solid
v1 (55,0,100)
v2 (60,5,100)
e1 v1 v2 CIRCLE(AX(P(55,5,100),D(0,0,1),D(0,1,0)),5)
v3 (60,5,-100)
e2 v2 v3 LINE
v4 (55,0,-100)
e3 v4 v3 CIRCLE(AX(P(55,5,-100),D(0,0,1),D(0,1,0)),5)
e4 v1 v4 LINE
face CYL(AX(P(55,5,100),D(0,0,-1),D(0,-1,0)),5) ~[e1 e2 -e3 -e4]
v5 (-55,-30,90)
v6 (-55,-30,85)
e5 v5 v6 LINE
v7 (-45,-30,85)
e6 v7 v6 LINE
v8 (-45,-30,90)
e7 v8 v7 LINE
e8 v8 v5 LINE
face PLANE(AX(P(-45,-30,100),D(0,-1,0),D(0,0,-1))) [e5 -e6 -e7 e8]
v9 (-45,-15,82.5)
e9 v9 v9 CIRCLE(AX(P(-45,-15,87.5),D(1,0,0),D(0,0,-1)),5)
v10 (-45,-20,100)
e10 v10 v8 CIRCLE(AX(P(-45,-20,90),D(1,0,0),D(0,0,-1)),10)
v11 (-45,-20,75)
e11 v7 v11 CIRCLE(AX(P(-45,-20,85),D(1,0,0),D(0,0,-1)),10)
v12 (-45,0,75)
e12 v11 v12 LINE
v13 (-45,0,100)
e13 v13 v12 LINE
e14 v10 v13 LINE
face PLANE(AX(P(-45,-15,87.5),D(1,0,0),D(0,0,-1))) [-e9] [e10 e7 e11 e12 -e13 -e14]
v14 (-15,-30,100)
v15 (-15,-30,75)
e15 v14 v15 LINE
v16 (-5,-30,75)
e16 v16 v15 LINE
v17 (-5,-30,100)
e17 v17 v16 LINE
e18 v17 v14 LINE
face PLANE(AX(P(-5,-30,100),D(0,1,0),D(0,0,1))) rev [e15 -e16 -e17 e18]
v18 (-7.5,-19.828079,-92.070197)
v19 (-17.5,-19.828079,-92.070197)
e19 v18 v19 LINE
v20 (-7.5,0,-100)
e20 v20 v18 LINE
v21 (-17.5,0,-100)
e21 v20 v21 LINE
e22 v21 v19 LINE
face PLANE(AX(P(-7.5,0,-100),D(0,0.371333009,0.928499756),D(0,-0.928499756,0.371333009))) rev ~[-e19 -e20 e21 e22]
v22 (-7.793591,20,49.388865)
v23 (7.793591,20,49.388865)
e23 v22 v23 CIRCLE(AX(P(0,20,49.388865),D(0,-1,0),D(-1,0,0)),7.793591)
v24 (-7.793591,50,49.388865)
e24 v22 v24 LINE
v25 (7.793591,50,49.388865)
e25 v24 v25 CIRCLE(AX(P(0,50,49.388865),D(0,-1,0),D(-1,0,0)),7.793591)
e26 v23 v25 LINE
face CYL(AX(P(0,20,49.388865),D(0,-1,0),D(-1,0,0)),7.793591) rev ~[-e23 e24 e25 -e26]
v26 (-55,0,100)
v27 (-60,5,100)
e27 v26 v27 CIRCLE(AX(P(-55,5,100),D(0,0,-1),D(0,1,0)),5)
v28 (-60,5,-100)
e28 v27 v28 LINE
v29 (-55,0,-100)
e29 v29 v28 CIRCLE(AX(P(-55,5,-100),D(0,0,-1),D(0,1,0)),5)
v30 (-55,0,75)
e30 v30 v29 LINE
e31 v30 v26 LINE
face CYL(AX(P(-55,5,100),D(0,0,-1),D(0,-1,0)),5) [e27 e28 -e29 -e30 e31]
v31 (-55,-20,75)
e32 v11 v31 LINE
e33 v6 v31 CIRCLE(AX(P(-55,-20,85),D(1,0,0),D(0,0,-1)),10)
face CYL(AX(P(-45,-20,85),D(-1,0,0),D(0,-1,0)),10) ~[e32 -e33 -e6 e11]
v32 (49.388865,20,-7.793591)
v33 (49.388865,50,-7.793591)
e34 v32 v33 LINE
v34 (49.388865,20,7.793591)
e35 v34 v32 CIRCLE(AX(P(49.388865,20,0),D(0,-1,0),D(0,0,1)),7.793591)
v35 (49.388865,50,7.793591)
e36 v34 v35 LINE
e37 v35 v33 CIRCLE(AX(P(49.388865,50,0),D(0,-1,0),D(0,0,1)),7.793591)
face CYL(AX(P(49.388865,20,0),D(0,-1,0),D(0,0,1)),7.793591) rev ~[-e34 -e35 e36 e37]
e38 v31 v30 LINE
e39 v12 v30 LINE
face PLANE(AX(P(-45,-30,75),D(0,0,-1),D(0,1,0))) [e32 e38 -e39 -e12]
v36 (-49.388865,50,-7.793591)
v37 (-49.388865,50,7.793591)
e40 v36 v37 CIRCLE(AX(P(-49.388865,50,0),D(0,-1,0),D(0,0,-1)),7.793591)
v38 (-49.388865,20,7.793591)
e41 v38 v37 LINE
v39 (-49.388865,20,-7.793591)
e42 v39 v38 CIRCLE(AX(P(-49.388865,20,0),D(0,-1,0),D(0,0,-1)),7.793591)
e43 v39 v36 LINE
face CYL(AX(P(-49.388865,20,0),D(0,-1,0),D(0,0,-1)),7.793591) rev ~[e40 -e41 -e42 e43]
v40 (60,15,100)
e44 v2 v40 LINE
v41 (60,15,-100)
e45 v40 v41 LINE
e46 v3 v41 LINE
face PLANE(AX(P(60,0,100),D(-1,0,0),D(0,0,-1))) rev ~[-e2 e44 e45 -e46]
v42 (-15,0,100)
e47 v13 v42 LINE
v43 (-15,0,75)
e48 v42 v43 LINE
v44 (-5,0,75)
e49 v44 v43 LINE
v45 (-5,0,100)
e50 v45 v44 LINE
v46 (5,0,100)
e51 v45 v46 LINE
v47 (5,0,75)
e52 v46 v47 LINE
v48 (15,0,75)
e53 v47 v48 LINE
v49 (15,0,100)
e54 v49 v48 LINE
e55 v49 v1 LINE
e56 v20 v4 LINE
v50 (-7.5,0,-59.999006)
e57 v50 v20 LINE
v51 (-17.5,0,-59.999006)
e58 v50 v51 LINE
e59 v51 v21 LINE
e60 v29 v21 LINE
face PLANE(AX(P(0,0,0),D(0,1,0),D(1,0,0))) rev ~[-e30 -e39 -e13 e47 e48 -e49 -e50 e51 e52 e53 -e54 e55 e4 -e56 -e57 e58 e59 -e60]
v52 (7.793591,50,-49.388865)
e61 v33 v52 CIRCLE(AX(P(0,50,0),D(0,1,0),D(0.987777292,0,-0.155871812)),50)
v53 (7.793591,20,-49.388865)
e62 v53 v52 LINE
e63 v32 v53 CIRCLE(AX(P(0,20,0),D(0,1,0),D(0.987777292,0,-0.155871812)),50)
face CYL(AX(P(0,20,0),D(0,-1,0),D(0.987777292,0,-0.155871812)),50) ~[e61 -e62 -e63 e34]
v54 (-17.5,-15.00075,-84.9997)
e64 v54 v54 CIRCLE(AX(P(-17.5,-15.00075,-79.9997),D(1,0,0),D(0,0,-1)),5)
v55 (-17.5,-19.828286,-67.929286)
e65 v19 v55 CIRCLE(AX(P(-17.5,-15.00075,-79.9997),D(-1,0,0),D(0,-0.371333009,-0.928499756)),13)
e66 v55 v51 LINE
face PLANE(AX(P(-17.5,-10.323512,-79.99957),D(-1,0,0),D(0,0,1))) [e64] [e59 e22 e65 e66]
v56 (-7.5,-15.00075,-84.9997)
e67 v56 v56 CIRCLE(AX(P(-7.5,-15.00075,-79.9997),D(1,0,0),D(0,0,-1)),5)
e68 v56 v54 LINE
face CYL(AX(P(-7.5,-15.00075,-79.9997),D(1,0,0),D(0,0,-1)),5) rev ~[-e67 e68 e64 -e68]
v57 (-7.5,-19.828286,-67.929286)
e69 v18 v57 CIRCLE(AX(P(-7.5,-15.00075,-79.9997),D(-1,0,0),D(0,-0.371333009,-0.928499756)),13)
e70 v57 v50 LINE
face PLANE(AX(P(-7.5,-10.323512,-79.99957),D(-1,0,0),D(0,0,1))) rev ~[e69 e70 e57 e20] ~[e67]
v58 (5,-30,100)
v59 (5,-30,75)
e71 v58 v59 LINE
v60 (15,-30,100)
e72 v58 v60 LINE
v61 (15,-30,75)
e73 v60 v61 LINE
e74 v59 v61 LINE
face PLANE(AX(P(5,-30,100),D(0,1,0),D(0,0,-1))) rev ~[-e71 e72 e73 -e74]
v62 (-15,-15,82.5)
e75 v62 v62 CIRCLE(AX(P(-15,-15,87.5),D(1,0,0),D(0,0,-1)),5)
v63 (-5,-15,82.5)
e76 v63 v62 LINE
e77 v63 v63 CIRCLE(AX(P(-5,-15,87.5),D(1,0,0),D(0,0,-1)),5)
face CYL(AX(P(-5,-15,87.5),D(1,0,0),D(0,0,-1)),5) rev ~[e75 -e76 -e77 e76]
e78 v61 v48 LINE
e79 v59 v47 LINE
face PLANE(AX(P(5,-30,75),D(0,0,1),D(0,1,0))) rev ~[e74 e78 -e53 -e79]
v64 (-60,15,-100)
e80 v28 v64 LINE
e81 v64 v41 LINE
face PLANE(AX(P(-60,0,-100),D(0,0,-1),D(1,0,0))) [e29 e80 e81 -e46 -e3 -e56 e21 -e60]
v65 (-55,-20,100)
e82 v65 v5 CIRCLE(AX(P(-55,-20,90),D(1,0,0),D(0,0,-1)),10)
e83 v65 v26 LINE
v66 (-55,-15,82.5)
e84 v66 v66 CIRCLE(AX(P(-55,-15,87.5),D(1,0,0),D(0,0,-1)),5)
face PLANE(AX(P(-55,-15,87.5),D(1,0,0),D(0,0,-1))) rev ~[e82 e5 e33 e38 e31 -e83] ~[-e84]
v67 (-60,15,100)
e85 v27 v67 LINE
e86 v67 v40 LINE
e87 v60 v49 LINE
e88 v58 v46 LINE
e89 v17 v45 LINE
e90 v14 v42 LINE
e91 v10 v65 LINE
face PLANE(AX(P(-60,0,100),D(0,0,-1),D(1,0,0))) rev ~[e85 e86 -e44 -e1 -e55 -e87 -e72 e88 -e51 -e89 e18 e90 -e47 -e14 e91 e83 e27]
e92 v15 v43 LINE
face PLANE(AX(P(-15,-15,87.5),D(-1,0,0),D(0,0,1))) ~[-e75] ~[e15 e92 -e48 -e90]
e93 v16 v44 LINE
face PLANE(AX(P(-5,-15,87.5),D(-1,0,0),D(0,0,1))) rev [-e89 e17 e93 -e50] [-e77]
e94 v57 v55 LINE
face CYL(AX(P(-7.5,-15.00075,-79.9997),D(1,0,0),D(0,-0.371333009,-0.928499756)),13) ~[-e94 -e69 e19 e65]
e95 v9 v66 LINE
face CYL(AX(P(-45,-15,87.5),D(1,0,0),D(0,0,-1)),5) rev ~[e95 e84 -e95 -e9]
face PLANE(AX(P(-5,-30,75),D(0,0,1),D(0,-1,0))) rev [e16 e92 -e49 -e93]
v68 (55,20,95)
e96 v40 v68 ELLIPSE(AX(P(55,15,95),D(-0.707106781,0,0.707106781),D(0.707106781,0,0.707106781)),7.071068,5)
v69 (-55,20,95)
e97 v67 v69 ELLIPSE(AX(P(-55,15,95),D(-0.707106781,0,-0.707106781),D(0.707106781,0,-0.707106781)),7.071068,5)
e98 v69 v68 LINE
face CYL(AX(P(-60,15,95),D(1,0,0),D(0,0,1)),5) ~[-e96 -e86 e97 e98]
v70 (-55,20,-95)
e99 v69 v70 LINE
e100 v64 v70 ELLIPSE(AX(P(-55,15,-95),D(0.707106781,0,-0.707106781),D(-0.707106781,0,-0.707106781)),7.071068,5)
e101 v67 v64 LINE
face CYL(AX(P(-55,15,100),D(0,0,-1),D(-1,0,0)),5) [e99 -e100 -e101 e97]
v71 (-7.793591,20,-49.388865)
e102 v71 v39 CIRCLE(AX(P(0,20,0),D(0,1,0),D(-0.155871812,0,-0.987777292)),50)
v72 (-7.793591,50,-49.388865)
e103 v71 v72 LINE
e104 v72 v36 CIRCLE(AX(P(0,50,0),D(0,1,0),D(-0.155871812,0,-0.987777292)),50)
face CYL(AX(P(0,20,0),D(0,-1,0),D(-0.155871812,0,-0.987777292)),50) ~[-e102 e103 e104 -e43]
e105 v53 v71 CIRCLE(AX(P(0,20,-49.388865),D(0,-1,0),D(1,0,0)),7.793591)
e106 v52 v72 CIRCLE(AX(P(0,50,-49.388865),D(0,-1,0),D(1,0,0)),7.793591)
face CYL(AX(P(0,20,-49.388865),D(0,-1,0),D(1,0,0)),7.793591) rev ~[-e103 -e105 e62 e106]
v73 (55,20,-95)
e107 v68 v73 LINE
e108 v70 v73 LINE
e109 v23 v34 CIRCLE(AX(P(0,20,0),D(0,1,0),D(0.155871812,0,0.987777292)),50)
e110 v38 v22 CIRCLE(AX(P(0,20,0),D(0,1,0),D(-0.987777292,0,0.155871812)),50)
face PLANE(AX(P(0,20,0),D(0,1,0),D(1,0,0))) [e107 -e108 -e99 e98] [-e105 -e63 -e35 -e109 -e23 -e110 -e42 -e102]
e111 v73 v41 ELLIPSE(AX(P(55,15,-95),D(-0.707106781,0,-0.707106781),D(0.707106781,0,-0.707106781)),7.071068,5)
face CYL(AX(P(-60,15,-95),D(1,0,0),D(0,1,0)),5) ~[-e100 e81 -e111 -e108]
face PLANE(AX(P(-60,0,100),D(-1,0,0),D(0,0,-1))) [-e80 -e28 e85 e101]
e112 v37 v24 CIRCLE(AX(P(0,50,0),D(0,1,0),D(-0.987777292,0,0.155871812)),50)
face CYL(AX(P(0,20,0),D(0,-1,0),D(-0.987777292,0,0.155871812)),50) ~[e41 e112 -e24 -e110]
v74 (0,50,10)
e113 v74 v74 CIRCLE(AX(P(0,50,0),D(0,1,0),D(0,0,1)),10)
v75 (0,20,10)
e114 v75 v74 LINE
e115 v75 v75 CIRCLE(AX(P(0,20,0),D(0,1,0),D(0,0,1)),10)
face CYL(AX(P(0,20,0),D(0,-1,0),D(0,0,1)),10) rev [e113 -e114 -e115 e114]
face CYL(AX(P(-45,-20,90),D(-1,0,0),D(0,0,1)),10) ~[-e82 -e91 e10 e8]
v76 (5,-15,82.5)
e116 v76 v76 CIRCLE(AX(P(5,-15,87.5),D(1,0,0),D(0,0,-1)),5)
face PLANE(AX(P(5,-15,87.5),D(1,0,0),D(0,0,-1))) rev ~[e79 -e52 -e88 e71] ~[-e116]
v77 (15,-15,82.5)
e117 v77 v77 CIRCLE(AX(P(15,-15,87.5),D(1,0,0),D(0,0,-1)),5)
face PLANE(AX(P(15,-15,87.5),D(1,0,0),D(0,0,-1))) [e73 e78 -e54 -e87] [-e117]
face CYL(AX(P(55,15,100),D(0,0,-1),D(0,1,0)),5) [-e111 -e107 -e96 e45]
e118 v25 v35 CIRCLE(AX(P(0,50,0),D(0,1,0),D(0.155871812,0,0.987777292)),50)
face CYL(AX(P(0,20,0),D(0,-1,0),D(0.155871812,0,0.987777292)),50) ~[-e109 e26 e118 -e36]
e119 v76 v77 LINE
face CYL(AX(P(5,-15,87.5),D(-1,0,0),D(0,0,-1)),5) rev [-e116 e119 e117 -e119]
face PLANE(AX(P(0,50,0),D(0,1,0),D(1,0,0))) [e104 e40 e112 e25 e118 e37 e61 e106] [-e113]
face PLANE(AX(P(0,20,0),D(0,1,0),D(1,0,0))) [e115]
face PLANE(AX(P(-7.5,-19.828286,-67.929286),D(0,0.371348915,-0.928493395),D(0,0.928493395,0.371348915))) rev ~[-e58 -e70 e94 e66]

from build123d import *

# Parameters (mm, degrees)
SKETCH_2_W      = 120
SKETCH_2_H      = 200
EXTRUDE_1_DEPTH = 20
EXTRUDE_START   = -7.5
SKETCH_3_R      = 5
EXTRUDE_2_DEPTH = 10
EXTRUDE_START_2 = 5
SKETCH_4_W      = 25
SKETCH_4_H      = 30
SKETCH_4_R      = 5
EXTRUDE_3_DEPTH = 10
EXTRUDE_START_3 = -45
SKETCH_4_2_W    = 25
SKETCH_4_2_H    = 30
SKETCH_4_2_R    = 5
EXTRUDE_4_DEPTH = 10
FILLET_2_R      = 10
FILLET_3_R      = 10
FILLET_4_R      = 5
SKETCH_5_R      = 10
EXTRUDE_5_DEPTH = 30


with BuildPart() as part:
    # 草图2 → 凸台-拉伸1 (new body)
    with BuildSketch(Plane(origin=(0, 0, 0), x_dir=(1, 0, 0), z_dir=(0, 1, 0))):
        Rectangle(SKETCH_2_W, SKETCH_2_H)
    extrude(amount=EXTRUDE_1_DEPTH)

    # 草图3 → 凸台-拉伸2 (add)
    with BuildSketch(Plane(origin=(0, 0, 0), x_dir=(0, 0, -1), z_dir=(1, 0, 0)).offset(EXTRUDE_START)):
        with BuildLine():
            Line((92.070196982, -19.828078793), (100, 0))
            Line((100, 0), (59.999006327, 0))
            Line((59.999006327, 0), (67.929286029, -19.828285561))
            ThreePointArc((67.929286029, -19.828285561), (79.999811504, -28.000749672), (92.070196982, -19.828078793))
        make_face()
        with Locations((79.999700158, -15.000749673)):
            Circle(SKETCH_3_R, mode=Mode.SUBTRACT)
    extrude(amount=-EXTRUDE_2_DEPTH)

    # 草图4 → 凸台-拉伸3 (add)
    with BuildSketch(Plane(origin=(0, 0, 0), x_dir=(0, 0, -1), z_dir=(1, 0, 0)).offset(EXTRUDE_START_2)):
        with Locations((-87.5, -15)):
            Rectangle(SKETCH_4_W, SKETCH_4_H)
        with Locations((-87.5, -15)):
            Circle(SKETCH_4_R, mode=Mode.SUBTRACT)
    extrude_3 = extrude(amount=EXTRUDE_3_DEPTH)

    # 镜向1: 凸台-拉伸3 across plane
    add(extrude_3.mirror(Plane(origin=(0, 0, 0), x_dir=(0, 0, 1), z_dir=(1, 0, 0))))

    # 草图4<2> → 凸台-拉伸4 (add)
    with BuildSketch(Plane(origin=(0, 0, 0), x_dir=(0, 0, -1), z_dir=(1, 0, 0)).offset(EXTRUDE_START_3)):
        with Locations((-87.5, -15)):
            Rectangle(SKETCH_4_2_W, SKETCH_4_2_H)
        with Locations((-87.5, -15)):
            Circle(SKETCH_4_2_R, mode=Mode.SUBTRACT)
    extrude(amount=-EXTRUDE_4_DEPTH)

    # 圆角2
    fillet_2_edges = [part.edges().sort_by_distance(p)[0] for p in [
        (-50, -30, 100),
    ]]
    fillet(fillet_2_edges, radius=FILLET_2_R)

    # 圆角3
    fillet_3_edges = [part.edges().sort_by_distance(p)[0] for p in [
        (-50, -30, 75),
    ]]
    fillet(fillet_3_edges, radius=FILLET_3_R)

    # 圆角4
    fillet_4_edges = [part.edges().sort_by_distance(p)[0] for p in [
        (60, 0, 0),
        (-60, 0, 0),
        (0, 20, 100),
        (-60, 20, 0),
        (0, 20, -100),
        (60, 20, 0),
    ]]
    fillet(fillet_4_edges, radius=FILLET_4_R)

    # 草图5 → 凸台-拉伸5 (add)
    with BuildSketch(Plane(origin=(0, 20, 0), x_dir=(1, 0, 0), z_dir=(0, 1, 0))):
        with BuildLine():
            ThreePointArc((49.388864588, -7.793590617), (41.595273971, 0), (49.388864588, 7.793590617))
            ThreePointArc((49.388864588, 7.793590617), (35.355339059, 35.355339059), (7.793590617, 49.388864588))
            ThreePointArc((7.793590617, 49.388864588), (0, 41.595273971), (-7.793590617, 49.388864588))
            ThreePointArc((-7.793590617, 49.388864588), (-35.355339059, 35.355339059), (-49.388864588, 7.793590617))
            ThreePointArc((-49.388864588, 7.793590617), (-41.595273971, 0), (-49.388864588, -7.793590617))
            ThreePointArc((-49.388864588, -7.793590617), (-35.355339059, -35.355339059), (-7.793590617, -49.388864588))
            ThreePointArc((-7.793590617, -49.388864588), (0, -41.595273971), (7.793590617, -49.388864588))
            ThreePointArc((7.793590617, -49.388864588), (35.355339059, -35.355339059), (49.388864588, -7.793590617))
        make_face()
        Circle(SKETCH_5_R, mode=Mode.SUBTRACT)
    extrude(amount=EXTRUDE_5_DEPTH)


solid = part.part
